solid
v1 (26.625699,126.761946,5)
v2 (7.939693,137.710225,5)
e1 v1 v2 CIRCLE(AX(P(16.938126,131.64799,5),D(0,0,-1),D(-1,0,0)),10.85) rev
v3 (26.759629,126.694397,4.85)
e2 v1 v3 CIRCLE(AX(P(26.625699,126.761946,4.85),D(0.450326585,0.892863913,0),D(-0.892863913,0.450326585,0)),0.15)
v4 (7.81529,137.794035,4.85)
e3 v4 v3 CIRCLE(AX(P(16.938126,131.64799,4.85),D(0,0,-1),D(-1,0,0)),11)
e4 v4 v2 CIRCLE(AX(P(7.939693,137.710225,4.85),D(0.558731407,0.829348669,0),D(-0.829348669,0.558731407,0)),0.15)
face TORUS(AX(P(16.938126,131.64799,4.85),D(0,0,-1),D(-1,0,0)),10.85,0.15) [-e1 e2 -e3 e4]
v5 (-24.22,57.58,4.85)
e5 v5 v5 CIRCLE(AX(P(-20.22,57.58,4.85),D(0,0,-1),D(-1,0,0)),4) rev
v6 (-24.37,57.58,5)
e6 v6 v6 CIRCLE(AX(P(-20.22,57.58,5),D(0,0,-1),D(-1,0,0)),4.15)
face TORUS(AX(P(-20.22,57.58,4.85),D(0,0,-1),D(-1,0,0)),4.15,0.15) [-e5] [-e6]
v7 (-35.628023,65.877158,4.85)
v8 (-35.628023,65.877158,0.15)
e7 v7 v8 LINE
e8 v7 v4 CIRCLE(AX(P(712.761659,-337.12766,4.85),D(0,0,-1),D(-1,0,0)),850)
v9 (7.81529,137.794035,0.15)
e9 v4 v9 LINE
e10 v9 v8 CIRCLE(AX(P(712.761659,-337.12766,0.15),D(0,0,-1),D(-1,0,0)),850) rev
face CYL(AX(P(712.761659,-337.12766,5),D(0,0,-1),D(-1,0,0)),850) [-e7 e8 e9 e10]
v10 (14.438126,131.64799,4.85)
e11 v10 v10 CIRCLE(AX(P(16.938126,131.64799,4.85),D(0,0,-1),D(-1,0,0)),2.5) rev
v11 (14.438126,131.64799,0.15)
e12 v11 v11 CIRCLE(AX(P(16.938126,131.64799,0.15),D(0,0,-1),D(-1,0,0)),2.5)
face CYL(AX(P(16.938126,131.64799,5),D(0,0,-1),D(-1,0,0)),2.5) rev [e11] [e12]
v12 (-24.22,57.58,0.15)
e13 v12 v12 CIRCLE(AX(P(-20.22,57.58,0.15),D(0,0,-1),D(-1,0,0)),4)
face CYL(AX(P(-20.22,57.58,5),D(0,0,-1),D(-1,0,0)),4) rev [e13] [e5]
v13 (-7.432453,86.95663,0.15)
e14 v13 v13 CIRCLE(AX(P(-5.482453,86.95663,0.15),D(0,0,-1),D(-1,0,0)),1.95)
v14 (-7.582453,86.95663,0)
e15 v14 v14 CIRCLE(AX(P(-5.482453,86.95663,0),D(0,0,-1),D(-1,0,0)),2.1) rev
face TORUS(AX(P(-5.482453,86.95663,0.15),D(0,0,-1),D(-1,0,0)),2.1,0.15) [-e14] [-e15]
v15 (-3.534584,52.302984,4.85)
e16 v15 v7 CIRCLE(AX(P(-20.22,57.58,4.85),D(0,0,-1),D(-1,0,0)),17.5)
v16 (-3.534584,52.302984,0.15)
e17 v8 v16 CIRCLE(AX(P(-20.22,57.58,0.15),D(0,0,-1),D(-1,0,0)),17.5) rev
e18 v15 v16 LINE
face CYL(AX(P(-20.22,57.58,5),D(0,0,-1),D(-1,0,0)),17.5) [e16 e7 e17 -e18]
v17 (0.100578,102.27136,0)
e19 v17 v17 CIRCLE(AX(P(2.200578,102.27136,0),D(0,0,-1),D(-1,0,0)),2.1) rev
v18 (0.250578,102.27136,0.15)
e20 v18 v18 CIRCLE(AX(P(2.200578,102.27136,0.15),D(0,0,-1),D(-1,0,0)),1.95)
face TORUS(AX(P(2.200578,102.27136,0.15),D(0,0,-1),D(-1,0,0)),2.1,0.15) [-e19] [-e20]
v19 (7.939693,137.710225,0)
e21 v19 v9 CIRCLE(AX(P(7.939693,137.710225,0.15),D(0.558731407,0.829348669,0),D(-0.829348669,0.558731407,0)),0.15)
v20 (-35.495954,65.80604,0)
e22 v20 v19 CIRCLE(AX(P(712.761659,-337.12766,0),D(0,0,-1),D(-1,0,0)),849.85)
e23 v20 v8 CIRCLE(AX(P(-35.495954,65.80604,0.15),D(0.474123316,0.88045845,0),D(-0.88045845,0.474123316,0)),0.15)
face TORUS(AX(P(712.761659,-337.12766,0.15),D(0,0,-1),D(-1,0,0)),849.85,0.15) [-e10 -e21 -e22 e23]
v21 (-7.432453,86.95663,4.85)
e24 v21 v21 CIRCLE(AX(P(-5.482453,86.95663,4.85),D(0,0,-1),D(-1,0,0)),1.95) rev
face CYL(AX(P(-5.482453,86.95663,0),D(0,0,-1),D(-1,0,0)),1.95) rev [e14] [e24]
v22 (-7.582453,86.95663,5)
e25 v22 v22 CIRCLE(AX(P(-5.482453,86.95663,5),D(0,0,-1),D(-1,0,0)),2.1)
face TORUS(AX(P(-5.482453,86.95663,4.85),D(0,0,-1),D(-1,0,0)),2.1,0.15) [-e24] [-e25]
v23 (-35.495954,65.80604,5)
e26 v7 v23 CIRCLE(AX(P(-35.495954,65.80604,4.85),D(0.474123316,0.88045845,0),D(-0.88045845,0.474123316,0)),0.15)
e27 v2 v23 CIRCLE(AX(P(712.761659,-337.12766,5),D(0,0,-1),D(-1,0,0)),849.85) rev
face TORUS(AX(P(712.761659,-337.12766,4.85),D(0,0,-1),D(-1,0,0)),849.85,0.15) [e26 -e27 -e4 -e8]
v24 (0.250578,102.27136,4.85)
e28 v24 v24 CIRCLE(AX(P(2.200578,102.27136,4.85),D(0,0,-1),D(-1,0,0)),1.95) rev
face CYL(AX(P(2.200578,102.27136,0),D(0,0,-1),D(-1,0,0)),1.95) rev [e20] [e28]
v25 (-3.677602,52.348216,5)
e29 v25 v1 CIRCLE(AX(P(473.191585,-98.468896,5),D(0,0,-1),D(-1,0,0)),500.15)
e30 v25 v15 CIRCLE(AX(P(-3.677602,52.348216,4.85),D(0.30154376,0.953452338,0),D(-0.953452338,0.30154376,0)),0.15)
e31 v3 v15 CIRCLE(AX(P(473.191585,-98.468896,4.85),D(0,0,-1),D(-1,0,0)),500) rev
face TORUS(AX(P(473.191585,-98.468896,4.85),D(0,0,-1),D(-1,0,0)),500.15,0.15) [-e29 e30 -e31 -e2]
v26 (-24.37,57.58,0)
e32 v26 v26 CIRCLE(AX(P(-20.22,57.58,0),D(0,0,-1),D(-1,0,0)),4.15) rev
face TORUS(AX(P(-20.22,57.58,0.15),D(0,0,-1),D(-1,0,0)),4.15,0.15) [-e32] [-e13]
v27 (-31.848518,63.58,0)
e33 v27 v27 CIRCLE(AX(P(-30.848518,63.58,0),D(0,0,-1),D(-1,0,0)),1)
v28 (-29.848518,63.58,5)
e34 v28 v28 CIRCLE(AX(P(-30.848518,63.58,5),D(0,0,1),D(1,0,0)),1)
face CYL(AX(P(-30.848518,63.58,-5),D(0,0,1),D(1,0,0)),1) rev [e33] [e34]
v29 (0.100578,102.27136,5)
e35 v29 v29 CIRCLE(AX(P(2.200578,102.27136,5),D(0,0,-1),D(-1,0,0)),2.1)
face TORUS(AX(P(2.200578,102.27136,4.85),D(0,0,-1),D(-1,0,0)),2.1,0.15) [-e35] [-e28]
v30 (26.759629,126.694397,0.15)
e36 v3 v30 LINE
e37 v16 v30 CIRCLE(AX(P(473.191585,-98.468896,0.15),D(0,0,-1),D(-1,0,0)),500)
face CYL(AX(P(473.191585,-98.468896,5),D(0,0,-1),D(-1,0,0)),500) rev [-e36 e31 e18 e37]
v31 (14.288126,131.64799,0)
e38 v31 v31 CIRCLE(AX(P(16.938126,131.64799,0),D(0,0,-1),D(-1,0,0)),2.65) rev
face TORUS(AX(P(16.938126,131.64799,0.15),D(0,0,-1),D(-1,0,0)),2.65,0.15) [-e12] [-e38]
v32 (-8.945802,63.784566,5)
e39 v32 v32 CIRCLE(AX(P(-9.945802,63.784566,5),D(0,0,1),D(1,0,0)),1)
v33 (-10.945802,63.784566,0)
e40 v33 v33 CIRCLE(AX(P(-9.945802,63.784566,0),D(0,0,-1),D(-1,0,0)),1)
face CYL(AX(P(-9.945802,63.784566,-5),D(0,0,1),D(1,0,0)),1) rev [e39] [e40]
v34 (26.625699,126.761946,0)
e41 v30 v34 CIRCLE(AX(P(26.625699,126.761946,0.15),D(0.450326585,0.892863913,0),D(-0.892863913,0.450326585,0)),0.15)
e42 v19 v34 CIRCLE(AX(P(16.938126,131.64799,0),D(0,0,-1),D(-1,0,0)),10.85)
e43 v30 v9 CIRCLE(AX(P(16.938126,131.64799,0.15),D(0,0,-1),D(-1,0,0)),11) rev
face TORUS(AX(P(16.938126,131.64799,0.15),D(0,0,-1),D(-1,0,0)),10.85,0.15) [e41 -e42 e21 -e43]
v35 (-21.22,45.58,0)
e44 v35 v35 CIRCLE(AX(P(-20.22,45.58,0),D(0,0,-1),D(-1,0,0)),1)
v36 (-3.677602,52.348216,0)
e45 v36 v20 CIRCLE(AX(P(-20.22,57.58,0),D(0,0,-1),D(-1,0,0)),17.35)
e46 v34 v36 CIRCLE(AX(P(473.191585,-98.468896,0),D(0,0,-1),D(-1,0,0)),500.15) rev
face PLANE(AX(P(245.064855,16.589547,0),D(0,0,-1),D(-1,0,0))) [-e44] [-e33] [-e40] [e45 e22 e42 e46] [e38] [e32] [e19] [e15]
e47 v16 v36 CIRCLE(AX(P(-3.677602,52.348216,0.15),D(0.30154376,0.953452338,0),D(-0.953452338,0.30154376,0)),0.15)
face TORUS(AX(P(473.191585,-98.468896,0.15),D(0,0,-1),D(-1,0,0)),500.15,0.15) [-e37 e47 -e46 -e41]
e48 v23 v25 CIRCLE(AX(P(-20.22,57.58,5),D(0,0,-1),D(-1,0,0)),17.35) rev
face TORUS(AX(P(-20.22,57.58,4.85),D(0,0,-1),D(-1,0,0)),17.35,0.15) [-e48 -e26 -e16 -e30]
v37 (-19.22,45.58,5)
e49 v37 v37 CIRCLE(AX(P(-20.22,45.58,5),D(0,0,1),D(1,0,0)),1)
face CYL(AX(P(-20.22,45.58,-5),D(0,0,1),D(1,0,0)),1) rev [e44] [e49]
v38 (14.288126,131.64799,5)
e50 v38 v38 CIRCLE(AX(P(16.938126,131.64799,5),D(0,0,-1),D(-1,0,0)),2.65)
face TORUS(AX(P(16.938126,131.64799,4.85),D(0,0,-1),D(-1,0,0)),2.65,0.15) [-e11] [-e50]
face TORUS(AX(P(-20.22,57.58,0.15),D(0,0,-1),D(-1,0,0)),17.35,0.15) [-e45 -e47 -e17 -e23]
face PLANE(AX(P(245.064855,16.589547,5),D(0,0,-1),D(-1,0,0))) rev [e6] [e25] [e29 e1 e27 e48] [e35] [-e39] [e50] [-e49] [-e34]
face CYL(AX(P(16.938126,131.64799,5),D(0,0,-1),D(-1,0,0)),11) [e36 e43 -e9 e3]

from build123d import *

# Parameters (mm, degrees)
SKETCH1_R              = 4
SKETCH1_R_2            = 2.5
BOSS_EXTRUDE1_DEPTH    = 5
M3_5_CLEARANCE_HOLE1_D = 3.9
FILLET1_R              = 0.15
SKETCH4_R              = 1
CUT_EXTRUDE1_DEPTH     = 10


with BuildPart() as part:
    # Sketch1 → Boss-Extrude1 (new body)
    with BuildSketch(Plane.XY):
        with BuildLine():
            ThreePointArc((7.81529026, 137.794035051), (-14.795505969, 102.372705136), (-35.628022867, 65.877158028))
            ThreePointArc((-35.628022867, 65.877158028), (-27.03707283, 41.462384853), (-3.534584083, 52.302984209))
            ThreePointArc((-3.534584083, 52.302984209), (10.116265304, 90.108007337), (26.759628663, 126.69439714))
            ThreePointArc((26.759628663, 126.69439714), (22.498928134, 141.138904995), (7.81529026, 137.794035051))
        make_face()
        with Locations((-20.22, 57.58)):
            Circle(SKETCH1_R, mode=Mode.SUBTRACT)
        with Locations((16.938125623, 131.647989579)):
            Circle(SKETCH1_R_2, mode=Mode.SUBTRACT)
    extrude(amount=BOSS_EXTRUDE1_DEPTH)

    # M3.5 Clearance Hole1 (through all)
    with Locations(Plane(origin=(0, 0, 0), x_dir=(-1, 0, 0), z_dir=(0, 0, -1))):
        with Locations((-2.200578445, 102.27136004), (5.482452822, 86.95662954)):
            Hole(M3_5_CLEARANCE_HOLE1_D / 2)

    # Fillet1
    fillet1_edges = [part.edges().sort_by_distance(p)[0] for p in [
        (-27.03707283, 41.462384853, 5),
        (-24.22, 57.58, 0),
        (-24.22, 57.58, 5),
        (10.116265304, 90.108007337, 5),
        (14.438125623, 131.647989579, 0),
        (14.438125623, 131.647989579, 5),
        (-7.432452822, 86.95662954, 0),
        (-7.432452822, 86.95662954, 5),
        (0.250578445, 102.27136004, 0),
        (0.250578445, 102.27136004, 5),
        (22.498928134, 141.138904995, 5),
        (10.116265304, 90.108007337, 0),
        (-27.03707283, 41.462384853, 0),
        (-14.795505969, 102.372705136, 0),
        (22.498928134, 141.138904995, 0),
        (-14.795505969, 102.372705136, 5),
    ]]
    fillet(fillet1_edges, radius=FILLET1_R)

    # Sketch4 → Cut-Extrude1 (cut)
    with BuildSketch(Plane.XY.offset(5)):
        with Locations((-20.22, 45.58)):
            Circle(SKETCH4_R)
        with Locations((-30.848517667, 63.58)):
            Circle(SKETCH4_R)
        with Locations((-9.945801565, 63.784566304)):
            Circle(SKETCH4_R)
    extrude(amount=-CUT_EXTRUDE1_DEPTH, mode=Mode.SUBTRACT)


solid = part.part
